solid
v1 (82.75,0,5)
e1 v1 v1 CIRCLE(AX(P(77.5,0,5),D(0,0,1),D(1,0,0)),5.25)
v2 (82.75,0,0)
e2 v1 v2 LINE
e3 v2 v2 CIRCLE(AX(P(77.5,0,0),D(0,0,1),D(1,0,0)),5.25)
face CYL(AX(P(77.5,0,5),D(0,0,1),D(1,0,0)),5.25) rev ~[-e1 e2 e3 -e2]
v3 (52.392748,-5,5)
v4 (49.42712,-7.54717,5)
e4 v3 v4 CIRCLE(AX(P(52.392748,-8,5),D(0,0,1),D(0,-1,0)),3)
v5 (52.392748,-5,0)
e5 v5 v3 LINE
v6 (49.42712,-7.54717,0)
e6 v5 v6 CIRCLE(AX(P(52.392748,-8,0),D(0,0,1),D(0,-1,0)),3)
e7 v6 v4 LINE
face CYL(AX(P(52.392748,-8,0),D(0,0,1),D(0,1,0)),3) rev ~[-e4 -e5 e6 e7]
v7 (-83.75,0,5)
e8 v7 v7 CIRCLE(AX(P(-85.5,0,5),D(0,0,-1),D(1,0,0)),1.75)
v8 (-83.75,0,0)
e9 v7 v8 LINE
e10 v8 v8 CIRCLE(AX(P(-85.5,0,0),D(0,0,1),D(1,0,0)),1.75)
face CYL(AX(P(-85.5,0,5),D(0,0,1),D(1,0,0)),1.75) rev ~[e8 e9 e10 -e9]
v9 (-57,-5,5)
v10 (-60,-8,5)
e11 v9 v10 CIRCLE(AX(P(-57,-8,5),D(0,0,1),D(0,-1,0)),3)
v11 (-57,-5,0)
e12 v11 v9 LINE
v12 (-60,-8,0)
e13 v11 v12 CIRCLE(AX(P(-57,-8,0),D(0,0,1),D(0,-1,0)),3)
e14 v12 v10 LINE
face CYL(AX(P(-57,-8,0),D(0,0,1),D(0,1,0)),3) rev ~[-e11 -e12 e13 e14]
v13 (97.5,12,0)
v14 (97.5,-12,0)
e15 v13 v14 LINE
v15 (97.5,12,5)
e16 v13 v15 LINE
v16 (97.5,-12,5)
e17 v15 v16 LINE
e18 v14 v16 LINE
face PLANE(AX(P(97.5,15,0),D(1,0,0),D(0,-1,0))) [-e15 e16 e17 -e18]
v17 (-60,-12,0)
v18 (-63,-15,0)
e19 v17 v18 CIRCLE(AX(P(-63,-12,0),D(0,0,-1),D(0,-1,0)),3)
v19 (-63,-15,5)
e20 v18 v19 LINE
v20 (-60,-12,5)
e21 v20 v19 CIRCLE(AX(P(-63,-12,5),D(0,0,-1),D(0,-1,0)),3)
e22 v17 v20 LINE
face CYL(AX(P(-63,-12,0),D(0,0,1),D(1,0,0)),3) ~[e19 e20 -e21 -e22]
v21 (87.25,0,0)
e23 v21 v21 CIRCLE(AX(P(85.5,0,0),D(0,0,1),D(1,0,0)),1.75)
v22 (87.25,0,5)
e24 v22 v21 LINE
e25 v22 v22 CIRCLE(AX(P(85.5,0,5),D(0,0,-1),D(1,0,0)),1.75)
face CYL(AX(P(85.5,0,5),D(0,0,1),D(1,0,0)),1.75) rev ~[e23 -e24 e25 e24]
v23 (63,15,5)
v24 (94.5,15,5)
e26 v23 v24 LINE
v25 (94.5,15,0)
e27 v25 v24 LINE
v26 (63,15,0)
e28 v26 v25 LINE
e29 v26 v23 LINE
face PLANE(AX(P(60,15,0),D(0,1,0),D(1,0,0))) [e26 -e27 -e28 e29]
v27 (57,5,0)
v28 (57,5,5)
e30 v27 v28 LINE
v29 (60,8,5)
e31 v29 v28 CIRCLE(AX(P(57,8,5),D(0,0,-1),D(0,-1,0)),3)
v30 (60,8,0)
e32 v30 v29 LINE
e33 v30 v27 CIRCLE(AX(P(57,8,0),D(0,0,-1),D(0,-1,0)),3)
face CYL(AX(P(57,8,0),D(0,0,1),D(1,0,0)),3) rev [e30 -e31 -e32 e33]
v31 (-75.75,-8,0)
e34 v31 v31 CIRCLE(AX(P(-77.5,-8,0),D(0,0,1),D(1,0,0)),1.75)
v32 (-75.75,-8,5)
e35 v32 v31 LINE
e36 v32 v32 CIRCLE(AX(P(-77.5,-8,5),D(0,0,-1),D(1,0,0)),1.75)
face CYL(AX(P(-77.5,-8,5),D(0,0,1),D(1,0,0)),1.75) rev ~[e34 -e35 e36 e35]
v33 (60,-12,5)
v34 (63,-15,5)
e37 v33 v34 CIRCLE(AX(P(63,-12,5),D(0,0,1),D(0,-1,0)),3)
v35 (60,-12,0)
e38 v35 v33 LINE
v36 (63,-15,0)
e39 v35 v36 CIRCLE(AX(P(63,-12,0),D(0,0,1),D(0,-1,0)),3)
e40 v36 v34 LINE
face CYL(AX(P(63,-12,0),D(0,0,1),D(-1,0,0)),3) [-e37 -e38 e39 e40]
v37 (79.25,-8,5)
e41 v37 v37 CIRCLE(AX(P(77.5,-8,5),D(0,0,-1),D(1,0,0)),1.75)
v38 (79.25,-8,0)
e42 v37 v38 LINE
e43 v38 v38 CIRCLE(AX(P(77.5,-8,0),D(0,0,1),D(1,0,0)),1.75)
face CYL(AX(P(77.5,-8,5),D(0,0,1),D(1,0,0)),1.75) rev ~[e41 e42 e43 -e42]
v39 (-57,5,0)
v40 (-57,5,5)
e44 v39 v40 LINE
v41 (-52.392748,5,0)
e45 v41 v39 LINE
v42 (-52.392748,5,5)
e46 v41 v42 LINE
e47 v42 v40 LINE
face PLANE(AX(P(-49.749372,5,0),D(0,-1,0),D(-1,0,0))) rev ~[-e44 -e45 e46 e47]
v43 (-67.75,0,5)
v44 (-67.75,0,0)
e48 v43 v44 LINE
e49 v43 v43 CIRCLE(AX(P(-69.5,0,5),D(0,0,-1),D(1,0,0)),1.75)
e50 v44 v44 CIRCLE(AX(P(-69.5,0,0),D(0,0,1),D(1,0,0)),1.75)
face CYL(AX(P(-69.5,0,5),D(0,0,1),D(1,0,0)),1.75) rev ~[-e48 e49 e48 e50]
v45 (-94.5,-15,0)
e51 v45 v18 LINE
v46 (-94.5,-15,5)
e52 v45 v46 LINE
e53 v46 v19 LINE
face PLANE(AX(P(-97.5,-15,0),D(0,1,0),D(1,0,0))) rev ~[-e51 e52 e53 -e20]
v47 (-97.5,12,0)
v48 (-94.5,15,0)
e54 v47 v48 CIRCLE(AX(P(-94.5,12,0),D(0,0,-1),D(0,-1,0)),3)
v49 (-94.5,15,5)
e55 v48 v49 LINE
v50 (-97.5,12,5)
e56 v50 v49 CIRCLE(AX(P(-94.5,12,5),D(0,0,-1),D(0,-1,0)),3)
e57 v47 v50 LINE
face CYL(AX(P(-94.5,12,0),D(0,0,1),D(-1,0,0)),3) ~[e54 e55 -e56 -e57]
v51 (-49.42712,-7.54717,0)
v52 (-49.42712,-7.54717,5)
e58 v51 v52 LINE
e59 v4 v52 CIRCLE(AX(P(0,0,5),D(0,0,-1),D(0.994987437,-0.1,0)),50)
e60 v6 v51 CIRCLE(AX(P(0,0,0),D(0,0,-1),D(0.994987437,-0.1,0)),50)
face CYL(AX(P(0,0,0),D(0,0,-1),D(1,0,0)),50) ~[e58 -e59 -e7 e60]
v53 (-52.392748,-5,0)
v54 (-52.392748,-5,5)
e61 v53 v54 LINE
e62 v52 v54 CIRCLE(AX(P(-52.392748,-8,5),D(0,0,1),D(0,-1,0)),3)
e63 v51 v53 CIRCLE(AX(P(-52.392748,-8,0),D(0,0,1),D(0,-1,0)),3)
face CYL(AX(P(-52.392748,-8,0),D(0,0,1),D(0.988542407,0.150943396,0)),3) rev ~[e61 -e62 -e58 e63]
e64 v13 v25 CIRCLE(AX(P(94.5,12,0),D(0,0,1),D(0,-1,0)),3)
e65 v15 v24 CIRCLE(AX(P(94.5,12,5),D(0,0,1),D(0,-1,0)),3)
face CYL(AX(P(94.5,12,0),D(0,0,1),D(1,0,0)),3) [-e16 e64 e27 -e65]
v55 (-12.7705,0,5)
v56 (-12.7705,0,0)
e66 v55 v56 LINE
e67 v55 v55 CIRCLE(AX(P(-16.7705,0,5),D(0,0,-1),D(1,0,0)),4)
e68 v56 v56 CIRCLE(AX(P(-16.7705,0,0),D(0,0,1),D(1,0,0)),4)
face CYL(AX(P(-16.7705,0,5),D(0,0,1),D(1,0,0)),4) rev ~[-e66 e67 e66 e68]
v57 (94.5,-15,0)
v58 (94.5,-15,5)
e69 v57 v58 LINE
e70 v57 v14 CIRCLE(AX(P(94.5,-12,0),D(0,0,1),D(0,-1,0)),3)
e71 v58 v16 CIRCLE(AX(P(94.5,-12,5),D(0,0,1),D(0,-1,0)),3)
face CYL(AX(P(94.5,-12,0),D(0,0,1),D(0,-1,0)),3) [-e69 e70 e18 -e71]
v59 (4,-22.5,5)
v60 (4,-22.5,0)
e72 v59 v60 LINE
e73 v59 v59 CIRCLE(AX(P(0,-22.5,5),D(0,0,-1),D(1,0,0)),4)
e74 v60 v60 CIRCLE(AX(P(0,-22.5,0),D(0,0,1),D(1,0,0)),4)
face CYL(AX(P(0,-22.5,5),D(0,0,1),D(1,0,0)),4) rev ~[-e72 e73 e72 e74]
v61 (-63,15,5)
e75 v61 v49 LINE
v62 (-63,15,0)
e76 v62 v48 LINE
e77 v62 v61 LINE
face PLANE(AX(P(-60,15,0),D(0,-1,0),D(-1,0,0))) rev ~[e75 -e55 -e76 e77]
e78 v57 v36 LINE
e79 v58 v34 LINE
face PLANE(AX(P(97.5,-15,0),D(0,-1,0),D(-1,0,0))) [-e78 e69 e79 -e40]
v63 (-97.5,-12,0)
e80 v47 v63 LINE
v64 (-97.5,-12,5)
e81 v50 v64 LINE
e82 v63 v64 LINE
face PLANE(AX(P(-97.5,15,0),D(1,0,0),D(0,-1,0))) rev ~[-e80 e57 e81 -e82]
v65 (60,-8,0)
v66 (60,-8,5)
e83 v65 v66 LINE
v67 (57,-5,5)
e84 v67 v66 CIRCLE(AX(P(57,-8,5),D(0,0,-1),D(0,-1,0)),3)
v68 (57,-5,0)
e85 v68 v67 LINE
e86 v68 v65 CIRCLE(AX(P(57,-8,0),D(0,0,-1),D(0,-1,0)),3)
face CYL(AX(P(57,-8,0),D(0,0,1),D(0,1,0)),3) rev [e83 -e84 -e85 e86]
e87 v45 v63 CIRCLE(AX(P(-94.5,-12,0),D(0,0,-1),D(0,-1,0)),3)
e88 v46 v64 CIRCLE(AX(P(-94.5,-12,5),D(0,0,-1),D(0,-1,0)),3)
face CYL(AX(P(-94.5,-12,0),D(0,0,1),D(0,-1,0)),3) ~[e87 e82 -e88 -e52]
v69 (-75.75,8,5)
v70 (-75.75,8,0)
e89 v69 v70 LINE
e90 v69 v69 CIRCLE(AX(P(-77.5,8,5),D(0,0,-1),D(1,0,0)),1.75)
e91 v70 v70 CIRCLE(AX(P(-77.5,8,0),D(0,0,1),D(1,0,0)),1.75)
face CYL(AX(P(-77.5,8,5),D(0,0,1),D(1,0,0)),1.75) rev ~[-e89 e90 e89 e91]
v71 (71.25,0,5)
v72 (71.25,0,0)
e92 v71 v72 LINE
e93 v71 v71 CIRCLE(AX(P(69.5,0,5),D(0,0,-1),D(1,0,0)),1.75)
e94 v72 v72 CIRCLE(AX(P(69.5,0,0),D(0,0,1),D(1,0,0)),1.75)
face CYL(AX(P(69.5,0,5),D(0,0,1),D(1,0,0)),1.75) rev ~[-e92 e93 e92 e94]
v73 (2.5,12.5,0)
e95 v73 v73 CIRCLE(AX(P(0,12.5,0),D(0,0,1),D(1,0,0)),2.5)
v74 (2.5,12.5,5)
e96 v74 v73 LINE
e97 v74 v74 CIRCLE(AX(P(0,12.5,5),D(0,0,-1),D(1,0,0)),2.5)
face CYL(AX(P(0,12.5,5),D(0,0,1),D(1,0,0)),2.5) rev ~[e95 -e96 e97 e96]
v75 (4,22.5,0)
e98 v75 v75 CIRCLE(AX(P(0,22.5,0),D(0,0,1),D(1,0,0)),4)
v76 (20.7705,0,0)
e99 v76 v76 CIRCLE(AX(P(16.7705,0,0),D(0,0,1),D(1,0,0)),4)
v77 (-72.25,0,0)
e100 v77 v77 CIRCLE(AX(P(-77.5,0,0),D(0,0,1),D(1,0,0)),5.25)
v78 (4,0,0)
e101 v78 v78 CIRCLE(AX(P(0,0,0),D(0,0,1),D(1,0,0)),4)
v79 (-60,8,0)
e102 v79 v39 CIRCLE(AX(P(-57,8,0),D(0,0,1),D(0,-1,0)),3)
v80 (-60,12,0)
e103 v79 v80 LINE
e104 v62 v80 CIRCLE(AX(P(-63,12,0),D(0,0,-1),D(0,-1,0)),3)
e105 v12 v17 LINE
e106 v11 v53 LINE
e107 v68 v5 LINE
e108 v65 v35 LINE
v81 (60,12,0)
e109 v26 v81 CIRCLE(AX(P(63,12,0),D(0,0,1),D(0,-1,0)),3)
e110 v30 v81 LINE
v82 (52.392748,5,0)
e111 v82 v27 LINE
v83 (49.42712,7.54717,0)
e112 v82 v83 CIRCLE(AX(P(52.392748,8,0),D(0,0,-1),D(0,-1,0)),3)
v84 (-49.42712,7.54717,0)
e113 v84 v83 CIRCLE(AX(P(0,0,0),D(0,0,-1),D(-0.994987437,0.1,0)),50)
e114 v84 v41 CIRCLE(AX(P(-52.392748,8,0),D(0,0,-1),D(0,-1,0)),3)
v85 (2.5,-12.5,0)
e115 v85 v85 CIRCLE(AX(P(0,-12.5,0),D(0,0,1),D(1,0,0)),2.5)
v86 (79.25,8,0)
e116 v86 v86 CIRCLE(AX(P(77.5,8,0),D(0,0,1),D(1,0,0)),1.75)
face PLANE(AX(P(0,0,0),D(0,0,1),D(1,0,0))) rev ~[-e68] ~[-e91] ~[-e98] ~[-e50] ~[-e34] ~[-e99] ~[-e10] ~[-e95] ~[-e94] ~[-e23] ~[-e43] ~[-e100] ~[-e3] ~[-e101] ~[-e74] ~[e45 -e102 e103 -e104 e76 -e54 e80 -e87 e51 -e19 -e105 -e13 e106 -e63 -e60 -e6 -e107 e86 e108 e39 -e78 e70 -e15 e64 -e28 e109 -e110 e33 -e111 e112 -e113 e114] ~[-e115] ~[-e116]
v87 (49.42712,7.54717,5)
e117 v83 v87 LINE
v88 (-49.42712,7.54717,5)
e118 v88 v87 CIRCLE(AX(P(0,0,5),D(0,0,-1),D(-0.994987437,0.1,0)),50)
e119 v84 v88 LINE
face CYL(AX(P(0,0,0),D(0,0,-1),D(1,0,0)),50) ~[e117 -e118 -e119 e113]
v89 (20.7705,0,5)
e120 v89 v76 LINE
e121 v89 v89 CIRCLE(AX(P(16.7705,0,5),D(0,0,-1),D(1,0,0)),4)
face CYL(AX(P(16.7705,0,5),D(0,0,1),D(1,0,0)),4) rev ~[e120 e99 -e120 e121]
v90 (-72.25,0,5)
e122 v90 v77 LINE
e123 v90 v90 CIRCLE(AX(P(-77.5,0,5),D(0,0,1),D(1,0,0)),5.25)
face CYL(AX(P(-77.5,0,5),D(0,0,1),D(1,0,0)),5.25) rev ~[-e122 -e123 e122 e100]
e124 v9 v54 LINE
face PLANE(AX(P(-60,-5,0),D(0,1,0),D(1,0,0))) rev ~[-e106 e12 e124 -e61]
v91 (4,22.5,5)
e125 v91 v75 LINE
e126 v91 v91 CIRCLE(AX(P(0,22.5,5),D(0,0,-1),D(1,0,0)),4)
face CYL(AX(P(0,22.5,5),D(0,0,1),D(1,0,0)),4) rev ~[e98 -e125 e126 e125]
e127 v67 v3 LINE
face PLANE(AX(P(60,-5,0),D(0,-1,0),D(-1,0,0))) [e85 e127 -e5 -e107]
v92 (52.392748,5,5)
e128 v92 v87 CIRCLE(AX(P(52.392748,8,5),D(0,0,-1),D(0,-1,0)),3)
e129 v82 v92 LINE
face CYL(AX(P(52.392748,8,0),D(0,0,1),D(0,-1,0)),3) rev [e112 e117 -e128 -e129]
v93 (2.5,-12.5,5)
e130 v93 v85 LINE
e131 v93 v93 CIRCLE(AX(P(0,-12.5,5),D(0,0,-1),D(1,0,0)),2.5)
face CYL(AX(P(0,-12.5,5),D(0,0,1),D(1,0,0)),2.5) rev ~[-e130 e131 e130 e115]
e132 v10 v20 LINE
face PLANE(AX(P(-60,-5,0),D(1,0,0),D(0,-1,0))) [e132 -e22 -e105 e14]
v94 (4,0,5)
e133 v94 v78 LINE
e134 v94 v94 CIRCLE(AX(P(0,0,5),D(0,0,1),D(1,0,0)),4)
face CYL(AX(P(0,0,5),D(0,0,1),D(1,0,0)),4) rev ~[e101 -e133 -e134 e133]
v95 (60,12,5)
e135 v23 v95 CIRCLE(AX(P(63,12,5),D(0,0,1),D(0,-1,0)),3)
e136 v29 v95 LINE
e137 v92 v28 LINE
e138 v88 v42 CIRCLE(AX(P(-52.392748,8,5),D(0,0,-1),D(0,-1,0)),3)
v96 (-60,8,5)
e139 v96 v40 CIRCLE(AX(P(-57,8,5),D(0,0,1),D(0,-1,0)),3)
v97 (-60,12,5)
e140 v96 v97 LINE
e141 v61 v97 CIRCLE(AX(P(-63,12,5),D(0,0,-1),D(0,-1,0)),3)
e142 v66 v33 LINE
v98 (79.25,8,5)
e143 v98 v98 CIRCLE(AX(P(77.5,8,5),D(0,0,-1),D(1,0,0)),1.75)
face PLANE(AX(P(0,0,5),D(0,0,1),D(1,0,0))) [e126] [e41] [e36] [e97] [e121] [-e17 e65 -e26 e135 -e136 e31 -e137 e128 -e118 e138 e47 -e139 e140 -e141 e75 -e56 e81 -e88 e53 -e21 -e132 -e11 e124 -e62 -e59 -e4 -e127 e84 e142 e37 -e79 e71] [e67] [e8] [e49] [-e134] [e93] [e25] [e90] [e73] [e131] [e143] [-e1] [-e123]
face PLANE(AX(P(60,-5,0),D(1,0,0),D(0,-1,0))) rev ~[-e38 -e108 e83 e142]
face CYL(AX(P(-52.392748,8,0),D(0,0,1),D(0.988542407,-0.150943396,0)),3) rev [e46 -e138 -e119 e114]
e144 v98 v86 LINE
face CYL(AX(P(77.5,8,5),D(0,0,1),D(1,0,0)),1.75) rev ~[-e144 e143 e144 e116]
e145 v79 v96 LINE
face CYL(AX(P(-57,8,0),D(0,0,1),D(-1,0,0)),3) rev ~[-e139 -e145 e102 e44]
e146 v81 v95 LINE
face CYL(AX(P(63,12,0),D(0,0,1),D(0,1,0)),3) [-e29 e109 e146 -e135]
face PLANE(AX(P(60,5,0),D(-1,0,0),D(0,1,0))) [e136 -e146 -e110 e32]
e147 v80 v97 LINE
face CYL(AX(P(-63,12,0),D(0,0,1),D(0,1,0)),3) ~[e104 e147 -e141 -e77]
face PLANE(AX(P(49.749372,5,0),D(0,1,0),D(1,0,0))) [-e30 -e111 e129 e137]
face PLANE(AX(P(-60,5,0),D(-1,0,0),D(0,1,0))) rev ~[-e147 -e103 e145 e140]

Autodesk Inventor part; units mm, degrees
ref_plane "YZ Plane" through (0, 0, 0) normal (1, 0, 0) x (0, 1, 0)
ref_plane "XZ Plane" through (0, 0, 0) normal (0, 1, 0) x (-1, 0, 0)
ref_plane "XY Plane" through (0, 0, 0) normal (0, 0, 1) x (1, 0, 0)
sketch "Sketch1" plane through (0, 0, 0) normal (0, 0, 1) x (1, 0, 0)
  circle A0 centre (0, 0) radius 50
  line L0 (0, 0) -> (0, 20) construction
  line L1 (2.5, 15) -> (97.5, 15)
  line L2 (97.5, 15) -> (97.5, -15)
  line L3 (97.5, -15) -> (2.5, -15)
  line L4 (2.5, -15) -> (2.5, 15)
  line L5 (2.5, 15) -> (97.5, -15) construction
  line L6 (97.5, 15) -> (2.5, -15) construction
  line L7 (40, 5) -> (60, 5)
  line L8 (60, 5) -> (60, -5)
  line L9 (60, -5) -> (40, -5)
  line L10 (40, -5) -> (40, 5)
  line L11 (40, 5) -> (60, -5) construction
  line L12 (60, 5) -> (40, -5) construction
  line L13 (60, 5) -> (60, 15)
  line L14 (60, -5) -> (60, -15)
  line L15 (-2.5, 15) -> (-97.5, 15)
  line L16 (-97.5, 15) -> (-97.5, -15)
  line L17 (-97.5, -15) -> (-2.5, -15)
  line L18 (-2.5, -15) -> (-2.5, 15)
  line L19 (-2.5, 15) -> (-97.5, -15) construction
  line L20 (-97.5, 15) -> (-2.5, -15) construction
  line L21 (-40, 5) -> (-60, 5)
  line L22 (-60, 5) -> (-60, -5)
  line L23 (-60, -5) -> (-40, -5)
  line L24 (-40, -5) -> (-40, 5)
  line L25 (-40, 5) -> (-60, -5) construction
  line L26 (-60, 5) -> (-40, -5) construction
  line L27 (-60, 5) -> (-60, 15)
  line L28 (-60, -5) -> (-60, -15)
  point P0 (50, 0)
  point P1 (50, 0)
  point P2 (-50, 0)
  point P3 (-50, 0)
  point P4 (49.7494, 5)
  point P5 (49.7494, -5)
  point P6 (-49.7494, -5)
  point P7 (-49.7494, 5)
  dimension "d0" = 100
  dimension "d3" = 20
  dimension "d17" = 95
  dimension "d18" = 30
  dimension "d19" = 20
  dimension "d20" = 10
extrude "Extrusion1" add sketch "Sketch1" along normal blind 5 contours A0 L9 L10 L7 | A0 L7 L8 L9 | L7 L10 L9 A0 L3 L4 L1 | L1 L4 L3 A0 L17 L18 L15 | L13 L1 L2 L3 L14 L8 | L15 L18 L17 A0 L23 L24 L21 | L21 L24 L23 A0 | A0 L23 L22 L21 | L27 L22 L28 L17 L16 L15
sketch "Sketch2" plane through (0, 0, 5) normal (0, 0, 1) x (1, 0, 0)
  line L0 (0, 0) -> (-77.5, 0) construction
  circle A0 centre (-77.5, 0) radius 5.25
  line L1 (0, 0) -> (0, 20) construction
  circle A1 centre (-77.5, 0) radius 8
  circle A2 centre (-69.5, 0) radius 1.75
  circle A3 centre (-77.5, 8) radius 1.75
  circle A4 centre (-85.5, 0) radius 1.75
  circle A5 centre (-77.5, -8) radius 1.75
  circle A6 centre (77.5, 0) radius 5.25
  circle A7 centre (77.5, 0) radius 8
  circle A8 centre (69.5, 0) radius 1.75
  circle A9 centre (77.5, 8) radius 1.75
  circle A10 centre (85.5, 0) radius 1.75
  circle A11 centre (77.5, -8) radius 1.75
  dimension "d26" = 16
  dimension "d6" = 77.5
  dimension "d7" = 10.5
  dimension "d8" = 20
  dimension "d27" = 3.5
  dimension "d30" = 360
extrude "Extrusion2" cut sketch "Sketch2" against normal blind 7 contours A0 | A1 A2 | A1 A2 | A3 A1 | A1 A3 | A5 A1 | A1 A5 | A4 A1 | A1 A4 | A6 | A7 A10 | A7 A10 | A9 A7 | A7 A9 | A11 A7 | A7 A11 | A8 A7 | A7 A8
fillet "Fillet1" radius 3 16 edges at (-60, 5, 2.5) (-60, 15, 2.5) (-49.7494, 5, 2.5) (-60, -5, 2.5) (-60, -15, 2.5) (-49.7494, -5, 2.5) (-97.5, -15, 2.5) (-97.5, 15, 2.5) (97.5, 15, 2.5) (97.5, -15, 2.5) (60, -15, 2.5) (60, 15, 2.5) (60, -5, 2.5) (60, 5, 2.5) (49.7494, 5, 2.5) (49.7494, -5, 2.5)
sketch "Sketch4" plane through (0, 0, 5) normal (0, 0, 1) x (1, 0, 0)
  line L0 (-17.5, 5) -> (17.5, 5)
  line L1 (17.5, 5) -> (17.5, -5)
  line L2 (17.5, -5) -> (-17.5, -5)
  line L3 (-17.5, -5) -> (-17.5, 5)
  line L4 (-17.5, 5) -> (17.5, -5) construction
  line L5 (17.5, 5) -> (-17.5, -5) construction
  circle A0 centre (0, -5) radius 17.5
  circle A1 centre (0, 5) radius 17.5
  circle A2 centre (0, -22.5) radius 4
  circle A3 centre (0, 22.5) radius 4
  circle A4 centre (0, 0) radius 4
  circle A5 centre (16.7705, 0) radius 4
  circle A6 centre (-16.7705, 0) radius 4
  circle A7 centre (0, -12.5) radius 2.5
  circle A8 centre (0, 12.5) radius 2.5
  dimension "d32" = 35
  dimension "d33" = 10
  dimension "d34" = 35
  dimension "d35" = 35
  dimension "d36" = 8
  dimension "d37" = 8
  dimension "d38" = 8
  dimension "d39" = 8
  dimension "d40" = 8
  dimension "d41" = 5
  dimension "d42" = 5
extrude "Extrusion3" cut sketch "Sketch4" against normal blind 10 contours A6 A1 A0 L3 | L3 A6 | A3 A1 | A1 A3 | A6 A0 A1 | A8 A0 | A0 A8 | A6 A1 A0 | A1 A6 A0 | A5 A1 A0 | A0 A1 A5 | A5 L1 | L1 A5 A0 A1 | A0 A5 A1 | A2 A0 | A0 A2 | A7 A1 | A1 A7 | A4
properties part number "TAPA QUE DESPLAZA CON TORNILLOS"
